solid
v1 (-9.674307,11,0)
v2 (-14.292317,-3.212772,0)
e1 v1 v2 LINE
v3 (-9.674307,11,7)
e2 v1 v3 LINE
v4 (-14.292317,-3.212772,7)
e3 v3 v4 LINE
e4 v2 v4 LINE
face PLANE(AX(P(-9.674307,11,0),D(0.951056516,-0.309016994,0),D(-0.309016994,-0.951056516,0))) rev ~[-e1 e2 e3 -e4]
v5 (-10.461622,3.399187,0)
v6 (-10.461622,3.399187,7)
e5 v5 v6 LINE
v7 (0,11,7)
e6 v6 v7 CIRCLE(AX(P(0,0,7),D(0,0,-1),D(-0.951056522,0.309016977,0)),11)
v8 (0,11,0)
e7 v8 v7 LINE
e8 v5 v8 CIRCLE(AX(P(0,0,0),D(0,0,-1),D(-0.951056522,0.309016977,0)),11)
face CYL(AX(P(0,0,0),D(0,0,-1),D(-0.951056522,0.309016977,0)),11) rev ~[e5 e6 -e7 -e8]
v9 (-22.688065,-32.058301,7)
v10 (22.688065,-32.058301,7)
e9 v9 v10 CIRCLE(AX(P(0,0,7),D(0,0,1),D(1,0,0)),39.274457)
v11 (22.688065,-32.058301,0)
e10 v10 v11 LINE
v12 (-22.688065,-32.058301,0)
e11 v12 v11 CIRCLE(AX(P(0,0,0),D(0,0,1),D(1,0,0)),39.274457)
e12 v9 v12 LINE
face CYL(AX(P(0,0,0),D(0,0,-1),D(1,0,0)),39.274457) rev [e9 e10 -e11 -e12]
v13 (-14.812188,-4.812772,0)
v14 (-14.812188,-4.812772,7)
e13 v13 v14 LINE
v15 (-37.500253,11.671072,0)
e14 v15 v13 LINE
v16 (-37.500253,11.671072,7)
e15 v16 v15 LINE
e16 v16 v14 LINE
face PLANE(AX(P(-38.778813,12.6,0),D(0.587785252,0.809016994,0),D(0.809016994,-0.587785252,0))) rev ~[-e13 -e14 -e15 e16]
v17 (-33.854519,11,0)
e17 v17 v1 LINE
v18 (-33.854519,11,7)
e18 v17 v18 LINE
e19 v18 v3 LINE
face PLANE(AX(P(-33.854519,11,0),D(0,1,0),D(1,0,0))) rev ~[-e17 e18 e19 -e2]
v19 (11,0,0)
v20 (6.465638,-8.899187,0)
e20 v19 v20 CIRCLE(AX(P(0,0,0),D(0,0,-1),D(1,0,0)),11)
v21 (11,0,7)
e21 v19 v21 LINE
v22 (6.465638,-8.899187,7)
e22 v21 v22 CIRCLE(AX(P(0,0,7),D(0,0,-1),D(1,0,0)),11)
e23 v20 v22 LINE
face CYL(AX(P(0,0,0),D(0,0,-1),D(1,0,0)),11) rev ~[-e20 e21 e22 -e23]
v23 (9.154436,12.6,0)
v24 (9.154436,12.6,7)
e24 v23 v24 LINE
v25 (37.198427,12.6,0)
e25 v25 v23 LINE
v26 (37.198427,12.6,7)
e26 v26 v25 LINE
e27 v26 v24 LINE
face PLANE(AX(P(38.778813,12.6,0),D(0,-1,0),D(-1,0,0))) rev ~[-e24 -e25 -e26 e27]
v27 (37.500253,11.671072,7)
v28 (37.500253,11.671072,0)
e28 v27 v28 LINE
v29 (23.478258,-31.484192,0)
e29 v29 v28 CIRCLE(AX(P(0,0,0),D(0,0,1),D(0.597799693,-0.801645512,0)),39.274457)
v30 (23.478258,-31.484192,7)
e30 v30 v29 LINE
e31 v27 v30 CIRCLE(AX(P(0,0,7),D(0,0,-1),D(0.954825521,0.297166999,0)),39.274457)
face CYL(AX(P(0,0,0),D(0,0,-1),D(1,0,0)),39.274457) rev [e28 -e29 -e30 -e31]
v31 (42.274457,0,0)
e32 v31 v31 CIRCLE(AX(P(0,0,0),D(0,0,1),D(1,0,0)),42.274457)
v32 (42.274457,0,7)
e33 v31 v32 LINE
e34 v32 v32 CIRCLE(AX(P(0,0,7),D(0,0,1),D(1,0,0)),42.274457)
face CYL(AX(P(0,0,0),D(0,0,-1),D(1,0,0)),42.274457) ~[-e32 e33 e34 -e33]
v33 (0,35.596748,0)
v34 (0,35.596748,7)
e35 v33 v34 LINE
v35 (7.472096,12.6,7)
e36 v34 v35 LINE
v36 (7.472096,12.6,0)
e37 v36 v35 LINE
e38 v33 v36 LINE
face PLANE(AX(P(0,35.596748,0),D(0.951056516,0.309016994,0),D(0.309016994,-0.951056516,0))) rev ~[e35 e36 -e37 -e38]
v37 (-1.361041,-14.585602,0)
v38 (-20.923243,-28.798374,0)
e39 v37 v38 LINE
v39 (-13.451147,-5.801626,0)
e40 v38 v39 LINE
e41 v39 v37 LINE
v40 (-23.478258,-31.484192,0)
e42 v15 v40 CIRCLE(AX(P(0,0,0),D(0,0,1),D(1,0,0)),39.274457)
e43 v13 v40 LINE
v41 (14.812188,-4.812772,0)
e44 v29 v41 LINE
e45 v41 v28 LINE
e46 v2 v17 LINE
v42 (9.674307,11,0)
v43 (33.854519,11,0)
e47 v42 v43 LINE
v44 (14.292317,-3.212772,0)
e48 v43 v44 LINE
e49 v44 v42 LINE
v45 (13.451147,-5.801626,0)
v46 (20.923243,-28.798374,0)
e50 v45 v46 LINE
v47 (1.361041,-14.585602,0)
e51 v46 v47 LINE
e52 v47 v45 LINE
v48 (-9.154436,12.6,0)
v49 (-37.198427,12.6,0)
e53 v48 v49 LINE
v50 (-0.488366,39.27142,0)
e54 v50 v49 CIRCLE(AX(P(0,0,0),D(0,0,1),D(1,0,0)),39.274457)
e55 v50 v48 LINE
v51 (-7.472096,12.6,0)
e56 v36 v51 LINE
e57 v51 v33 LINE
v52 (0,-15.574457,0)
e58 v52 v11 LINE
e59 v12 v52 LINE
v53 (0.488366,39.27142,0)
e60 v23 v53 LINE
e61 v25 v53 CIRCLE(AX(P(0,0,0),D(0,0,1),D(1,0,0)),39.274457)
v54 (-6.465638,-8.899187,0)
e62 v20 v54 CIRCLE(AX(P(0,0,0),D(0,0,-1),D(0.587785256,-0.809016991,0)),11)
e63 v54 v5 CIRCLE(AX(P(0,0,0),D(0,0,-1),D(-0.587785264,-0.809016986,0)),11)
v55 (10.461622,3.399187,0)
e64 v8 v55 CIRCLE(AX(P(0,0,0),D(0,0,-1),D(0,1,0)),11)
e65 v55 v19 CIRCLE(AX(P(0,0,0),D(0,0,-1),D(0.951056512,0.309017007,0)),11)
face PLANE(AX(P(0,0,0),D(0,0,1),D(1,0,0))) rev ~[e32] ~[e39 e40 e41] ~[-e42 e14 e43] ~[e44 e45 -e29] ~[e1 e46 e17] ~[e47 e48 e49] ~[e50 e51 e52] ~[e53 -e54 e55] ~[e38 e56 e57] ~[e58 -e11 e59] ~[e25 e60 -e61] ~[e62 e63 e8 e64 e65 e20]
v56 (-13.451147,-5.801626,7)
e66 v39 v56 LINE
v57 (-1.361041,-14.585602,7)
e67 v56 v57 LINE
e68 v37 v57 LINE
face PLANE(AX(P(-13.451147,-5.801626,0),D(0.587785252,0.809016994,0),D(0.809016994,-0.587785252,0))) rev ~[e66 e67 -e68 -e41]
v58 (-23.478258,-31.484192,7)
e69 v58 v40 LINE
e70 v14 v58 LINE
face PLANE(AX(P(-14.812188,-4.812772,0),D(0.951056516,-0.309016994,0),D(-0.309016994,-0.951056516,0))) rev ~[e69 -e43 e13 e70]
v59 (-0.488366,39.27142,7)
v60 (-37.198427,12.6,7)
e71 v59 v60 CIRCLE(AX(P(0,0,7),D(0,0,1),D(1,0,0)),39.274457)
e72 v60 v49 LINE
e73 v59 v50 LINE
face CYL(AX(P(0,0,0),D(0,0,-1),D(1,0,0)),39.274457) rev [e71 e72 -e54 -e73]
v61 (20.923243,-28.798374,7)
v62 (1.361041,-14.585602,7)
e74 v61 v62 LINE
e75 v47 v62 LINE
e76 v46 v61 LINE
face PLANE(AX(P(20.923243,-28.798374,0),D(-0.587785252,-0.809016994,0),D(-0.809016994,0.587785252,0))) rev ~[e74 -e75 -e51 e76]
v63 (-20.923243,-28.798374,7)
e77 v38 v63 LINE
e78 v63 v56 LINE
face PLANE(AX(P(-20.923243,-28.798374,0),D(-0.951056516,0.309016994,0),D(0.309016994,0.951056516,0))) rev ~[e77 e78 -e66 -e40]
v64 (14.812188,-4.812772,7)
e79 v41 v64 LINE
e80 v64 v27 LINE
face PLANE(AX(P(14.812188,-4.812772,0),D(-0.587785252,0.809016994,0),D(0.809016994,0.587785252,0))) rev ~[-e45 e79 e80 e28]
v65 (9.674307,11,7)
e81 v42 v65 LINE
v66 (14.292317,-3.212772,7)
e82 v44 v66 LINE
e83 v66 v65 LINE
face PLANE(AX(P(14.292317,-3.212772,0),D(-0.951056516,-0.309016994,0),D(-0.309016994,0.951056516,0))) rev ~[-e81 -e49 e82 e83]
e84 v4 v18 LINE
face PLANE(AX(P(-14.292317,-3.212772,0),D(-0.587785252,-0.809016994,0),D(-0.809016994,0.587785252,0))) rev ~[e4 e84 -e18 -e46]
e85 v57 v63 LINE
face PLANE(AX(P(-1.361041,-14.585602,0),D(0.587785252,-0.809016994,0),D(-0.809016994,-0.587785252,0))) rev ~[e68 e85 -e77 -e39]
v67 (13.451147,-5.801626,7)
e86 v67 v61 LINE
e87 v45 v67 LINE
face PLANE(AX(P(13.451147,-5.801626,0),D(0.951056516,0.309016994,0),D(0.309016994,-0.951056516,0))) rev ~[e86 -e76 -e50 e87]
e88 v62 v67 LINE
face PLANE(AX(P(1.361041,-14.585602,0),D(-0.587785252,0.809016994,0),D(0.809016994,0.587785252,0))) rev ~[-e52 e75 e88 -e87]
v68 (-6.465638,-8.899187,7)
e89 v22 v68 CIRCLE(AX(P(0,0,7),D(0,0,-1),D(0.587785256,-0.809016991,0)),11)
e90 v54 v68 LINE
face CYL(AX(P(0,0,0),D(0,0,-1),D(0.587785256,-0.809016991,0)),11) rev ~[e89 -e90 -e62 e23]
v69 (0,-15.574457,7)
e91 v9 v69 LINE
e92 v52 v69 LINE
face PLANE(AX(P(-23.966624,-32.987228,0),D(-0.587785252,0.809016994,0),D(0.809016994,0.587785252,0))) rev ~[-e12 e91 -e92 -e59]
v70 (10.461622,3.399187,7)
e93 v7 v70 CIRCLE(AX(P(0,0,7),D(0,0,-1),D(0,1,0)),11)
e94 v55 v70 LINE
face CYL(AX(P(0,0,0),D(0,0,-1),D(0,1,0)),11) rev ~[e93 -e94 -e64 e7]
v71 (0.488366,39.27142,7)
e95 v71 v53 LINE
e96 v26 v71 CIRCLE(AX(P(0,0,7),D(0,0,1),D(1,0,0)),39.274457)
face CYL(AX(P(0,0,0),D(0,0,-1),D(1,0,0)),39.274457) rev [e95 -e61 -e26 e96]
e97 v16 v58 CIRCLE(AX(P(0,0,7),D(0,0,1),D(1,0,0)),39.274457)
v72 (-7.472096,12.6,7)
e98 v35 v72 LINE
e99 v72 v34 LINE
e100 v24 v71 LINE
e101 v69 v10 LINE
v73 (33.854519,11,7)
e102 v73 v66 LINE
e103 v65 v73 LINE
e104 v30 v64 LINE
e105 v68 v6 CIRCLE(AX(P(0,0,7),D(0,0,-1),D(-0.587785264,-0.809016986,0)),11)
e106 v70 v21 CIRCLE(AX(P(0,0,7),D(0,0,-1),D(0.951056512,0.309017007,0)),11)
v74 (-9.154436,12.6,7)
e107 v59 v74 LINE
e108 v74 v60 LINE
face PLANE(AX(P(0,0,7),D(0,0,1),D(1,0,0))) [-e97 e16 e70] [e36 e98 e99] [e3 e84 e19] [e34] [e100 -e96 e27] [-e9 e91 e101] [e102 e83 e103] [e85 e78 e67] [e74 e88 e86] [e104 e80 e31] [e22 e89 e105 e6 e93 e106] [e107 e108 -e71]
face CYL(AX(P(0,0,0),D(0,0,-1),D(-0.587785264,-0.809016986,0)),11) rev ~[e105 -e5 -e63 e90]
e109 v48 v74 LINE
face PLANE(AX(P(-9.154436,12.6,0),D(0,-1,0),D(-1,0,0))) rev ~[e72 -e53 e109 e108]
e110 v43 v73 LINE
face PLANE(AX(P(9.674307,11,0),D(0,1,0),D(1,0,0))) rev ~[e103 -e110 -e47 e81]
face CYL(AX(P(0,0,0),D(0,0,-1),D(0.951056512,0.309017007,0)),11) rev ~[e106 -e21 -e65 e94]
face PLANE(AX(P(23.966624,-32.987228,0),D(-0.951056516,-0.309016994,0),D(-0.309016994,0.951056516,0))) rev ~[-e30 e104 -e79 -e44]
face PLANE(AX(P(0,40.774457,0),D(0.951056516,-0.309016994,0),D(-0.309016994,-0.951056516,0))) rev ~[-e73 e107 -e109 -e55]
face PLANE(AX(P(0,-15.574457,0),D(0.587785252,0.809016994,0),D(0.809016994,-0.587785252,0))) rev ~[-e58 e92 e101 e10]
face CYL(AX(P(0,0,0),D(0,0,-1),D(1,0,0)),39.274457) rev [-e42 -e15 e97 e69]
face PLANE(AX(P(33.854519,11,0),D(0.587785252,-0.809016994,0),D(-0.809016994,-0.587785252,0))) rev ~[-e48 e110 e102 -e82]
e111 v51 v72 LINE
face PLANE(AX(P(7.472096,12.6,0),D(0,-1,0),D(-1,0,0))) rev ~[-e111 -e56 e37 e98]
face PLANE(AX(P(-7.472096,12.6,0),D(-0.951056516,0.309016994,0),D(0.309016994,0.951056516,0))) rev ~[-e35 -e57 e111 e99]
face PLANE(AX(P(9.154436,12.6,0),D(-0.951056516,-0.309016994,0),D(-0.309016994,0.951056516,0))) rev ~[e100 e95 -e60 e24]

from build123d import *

# Parameters (mm, degrees)
F1_R     = 42.2744565165
F1_R_2   = 39.2744565165
F2_DEPTH = 7


with BuildPart() as f2:
    # F0 (on Top) + F1 (on Top) → F2 (new body)
    with BuildSketch(Plane.XY):
        Polygon((-38.7788125684, 12.6), (-14.8121883578, -4.8127717418), (-14.2923168438, -3.2127717418), (-33.8545189089, 11), (-9.6743073668, 11), (-9.1544358529, 12.6), align=None)
        Polygon((0, 40.7744565165), (-9.1544358529, 12.6), (-7.4720962941, 12.6), (0, 35.5967477525), (7.4720962941, 12.6), (9.1544358529, 12.6), align=None)
        Polygon((14.2923168438, -3.2127717418), (14.8121883578, -4.8127717418), (38.7788125684, 12.6), (9.1544358529, 12.6), (9.6743073668, 11), (33.8545189089, 11), align=None)
        Polygon((-14.2923168438, -3.2127717418), (-14.8121883578, -4.8127717418), (-13.4511470644, -5.8016261238), (-12.9312755504, -4.2016261238), align=None)
        Polygon((1.3610412934, -14.5856021345), (0, -15.5744565165), (23.9666242106, -32.9872282582), (14.8121883578, -4.8127717418), (13.4511470644, -5.8016261238), (20.9232433585, -28.7983738762), align=None)
        Polygon((-14.8121883578, -4.8127717418), (-23.9666242106, -32.9872282582), (0, -15.5744565165), (-1.3610412934, -14.5856021345), (-20.9232433585, -28.7983738762), (-13.4511470644, -5.8016261238), align=None)
        Polygon((-12.9312755504, -4.2016261238), (-13.4511470644, -5.8016261238), (-1.3610412934, -14.5856021345), (0, -13.5967477525), (-6.4656378984, -8.8991868487), align=None)
        Polygon((13.4511470644, -5.8016261238), (14.8121883578, -4.8127717418), (14.2923168438, -3.2127717418), (12.9312755504, -4.2016261238), align=None)
        Polygon((9.6743073668, 11), (9.1544358529, 12.6), (7.4720962941, 12.6), (7.9919678081, 11), align=None)
        Polygon((-9.1544358529, 12.6), (-9.6743073668, 11), (-7.9919678081, 11), (-7.4720962941, 12.6), align=None)
        Polygon((-7.4720962941, 12.6), (-7.9919678081, 11), (2.6e-09, 11), (7.9919678081, 11), (7.4720962941, 12.6), align=None)
        Polygon((-9.6743073668, 11), (-14.2923168438, -3.2127717418), (-12.9312755504, -4.2016261238), (-10.4616217408, 3.3991867487), (-7.9919678081, 11), align=None)
        Polygon((0, -13.5967477525), (1.3610412934, -14.5856021345), (13.4511470644, -5.8016261238), (12.9312755504, -4.2016261238), (6.4656378214, -8.8991869046), align=None)
        Polygon((12.9312755504, -4.2016261238), (14.2923168438, -3.2127717418), (9.6743073668, 11), (7.9919678081, 11), (10.4616216333, 3.3991870796), align=None)
        Polygon((-1.3610412934, -14.5856021345), (0, -15.5744565165), (1.3610412934, -14.5856021345), (0, -13.5967477525), align=None)
        with BuildLine():
            Line((-10.4616217408, 3.3991867487), (-12.9312755504, -4.2016261238))
            Line((-12.9312755504, -4.2016261238), (-6.4656378984, -8.8991868487))
            ThreePointArc((-6.4656378984, -8.8991868487), (-10.461621672, -3.3991869604), (-10.4616217408, 3.3991867487))
        make_face()
        with BuildLine():
            Line((-6.4656378984, -8.8991868487), (0, -13.5967477525))
            Line((0, -13.5967477525), (6.4656378214, -8.8991869046))
            ThreePointArc((6.4656378214, -8.8991869046), (-4.76e-08, -11), (-6.4656378984, -8.8991868487))
        make_face()
        with BuildLine():
            ThreePointArc((11, 0), (9.801071779, -4.9938954717), (6.4656378214, -8.8991869046))
            Line((6.4656378214, -8.8991869046), (12.9312755504, -4.2016261238))
            Line((12.9312755504, -4.2016261238), (10.4616216333, 3.3991870796))
            ThreePointArc((10.4616216333, 3.3991870796), (10.8645717349, 1.7207791889), (11, 0))
        make_face()
        with BuildLine():
            Line((7.9919678081, 11), (2.6e-09, 11))
            ThreePointArc((2.6e-09, 11), (6.4656377161, 8.8991869811), (10.4616216333, 3.3991870796))
            Line((10.4616216333, 3.3991870796), (7.9919678081, 11))
        make_face()
        with BuildLine():
            Line((2.6e-09, 11), (-7.9919678081, 11))
            Line((-7.9919678081, 11), (-10.4616217408, 3.3991867487))
            ThreePointArc((-10.4616217408, 3.3991867487), (-6.4656378547, 8.8991868804), (2.6e-09, 11))
        make_face()
    with BuildSketch(Plane.XY):
        Circle(F1_R)
        Circle(F1_R_2, mode=Mode.SUBTRACT)
    extrude(amount=F2_DEPTH)


solid = f2.part
